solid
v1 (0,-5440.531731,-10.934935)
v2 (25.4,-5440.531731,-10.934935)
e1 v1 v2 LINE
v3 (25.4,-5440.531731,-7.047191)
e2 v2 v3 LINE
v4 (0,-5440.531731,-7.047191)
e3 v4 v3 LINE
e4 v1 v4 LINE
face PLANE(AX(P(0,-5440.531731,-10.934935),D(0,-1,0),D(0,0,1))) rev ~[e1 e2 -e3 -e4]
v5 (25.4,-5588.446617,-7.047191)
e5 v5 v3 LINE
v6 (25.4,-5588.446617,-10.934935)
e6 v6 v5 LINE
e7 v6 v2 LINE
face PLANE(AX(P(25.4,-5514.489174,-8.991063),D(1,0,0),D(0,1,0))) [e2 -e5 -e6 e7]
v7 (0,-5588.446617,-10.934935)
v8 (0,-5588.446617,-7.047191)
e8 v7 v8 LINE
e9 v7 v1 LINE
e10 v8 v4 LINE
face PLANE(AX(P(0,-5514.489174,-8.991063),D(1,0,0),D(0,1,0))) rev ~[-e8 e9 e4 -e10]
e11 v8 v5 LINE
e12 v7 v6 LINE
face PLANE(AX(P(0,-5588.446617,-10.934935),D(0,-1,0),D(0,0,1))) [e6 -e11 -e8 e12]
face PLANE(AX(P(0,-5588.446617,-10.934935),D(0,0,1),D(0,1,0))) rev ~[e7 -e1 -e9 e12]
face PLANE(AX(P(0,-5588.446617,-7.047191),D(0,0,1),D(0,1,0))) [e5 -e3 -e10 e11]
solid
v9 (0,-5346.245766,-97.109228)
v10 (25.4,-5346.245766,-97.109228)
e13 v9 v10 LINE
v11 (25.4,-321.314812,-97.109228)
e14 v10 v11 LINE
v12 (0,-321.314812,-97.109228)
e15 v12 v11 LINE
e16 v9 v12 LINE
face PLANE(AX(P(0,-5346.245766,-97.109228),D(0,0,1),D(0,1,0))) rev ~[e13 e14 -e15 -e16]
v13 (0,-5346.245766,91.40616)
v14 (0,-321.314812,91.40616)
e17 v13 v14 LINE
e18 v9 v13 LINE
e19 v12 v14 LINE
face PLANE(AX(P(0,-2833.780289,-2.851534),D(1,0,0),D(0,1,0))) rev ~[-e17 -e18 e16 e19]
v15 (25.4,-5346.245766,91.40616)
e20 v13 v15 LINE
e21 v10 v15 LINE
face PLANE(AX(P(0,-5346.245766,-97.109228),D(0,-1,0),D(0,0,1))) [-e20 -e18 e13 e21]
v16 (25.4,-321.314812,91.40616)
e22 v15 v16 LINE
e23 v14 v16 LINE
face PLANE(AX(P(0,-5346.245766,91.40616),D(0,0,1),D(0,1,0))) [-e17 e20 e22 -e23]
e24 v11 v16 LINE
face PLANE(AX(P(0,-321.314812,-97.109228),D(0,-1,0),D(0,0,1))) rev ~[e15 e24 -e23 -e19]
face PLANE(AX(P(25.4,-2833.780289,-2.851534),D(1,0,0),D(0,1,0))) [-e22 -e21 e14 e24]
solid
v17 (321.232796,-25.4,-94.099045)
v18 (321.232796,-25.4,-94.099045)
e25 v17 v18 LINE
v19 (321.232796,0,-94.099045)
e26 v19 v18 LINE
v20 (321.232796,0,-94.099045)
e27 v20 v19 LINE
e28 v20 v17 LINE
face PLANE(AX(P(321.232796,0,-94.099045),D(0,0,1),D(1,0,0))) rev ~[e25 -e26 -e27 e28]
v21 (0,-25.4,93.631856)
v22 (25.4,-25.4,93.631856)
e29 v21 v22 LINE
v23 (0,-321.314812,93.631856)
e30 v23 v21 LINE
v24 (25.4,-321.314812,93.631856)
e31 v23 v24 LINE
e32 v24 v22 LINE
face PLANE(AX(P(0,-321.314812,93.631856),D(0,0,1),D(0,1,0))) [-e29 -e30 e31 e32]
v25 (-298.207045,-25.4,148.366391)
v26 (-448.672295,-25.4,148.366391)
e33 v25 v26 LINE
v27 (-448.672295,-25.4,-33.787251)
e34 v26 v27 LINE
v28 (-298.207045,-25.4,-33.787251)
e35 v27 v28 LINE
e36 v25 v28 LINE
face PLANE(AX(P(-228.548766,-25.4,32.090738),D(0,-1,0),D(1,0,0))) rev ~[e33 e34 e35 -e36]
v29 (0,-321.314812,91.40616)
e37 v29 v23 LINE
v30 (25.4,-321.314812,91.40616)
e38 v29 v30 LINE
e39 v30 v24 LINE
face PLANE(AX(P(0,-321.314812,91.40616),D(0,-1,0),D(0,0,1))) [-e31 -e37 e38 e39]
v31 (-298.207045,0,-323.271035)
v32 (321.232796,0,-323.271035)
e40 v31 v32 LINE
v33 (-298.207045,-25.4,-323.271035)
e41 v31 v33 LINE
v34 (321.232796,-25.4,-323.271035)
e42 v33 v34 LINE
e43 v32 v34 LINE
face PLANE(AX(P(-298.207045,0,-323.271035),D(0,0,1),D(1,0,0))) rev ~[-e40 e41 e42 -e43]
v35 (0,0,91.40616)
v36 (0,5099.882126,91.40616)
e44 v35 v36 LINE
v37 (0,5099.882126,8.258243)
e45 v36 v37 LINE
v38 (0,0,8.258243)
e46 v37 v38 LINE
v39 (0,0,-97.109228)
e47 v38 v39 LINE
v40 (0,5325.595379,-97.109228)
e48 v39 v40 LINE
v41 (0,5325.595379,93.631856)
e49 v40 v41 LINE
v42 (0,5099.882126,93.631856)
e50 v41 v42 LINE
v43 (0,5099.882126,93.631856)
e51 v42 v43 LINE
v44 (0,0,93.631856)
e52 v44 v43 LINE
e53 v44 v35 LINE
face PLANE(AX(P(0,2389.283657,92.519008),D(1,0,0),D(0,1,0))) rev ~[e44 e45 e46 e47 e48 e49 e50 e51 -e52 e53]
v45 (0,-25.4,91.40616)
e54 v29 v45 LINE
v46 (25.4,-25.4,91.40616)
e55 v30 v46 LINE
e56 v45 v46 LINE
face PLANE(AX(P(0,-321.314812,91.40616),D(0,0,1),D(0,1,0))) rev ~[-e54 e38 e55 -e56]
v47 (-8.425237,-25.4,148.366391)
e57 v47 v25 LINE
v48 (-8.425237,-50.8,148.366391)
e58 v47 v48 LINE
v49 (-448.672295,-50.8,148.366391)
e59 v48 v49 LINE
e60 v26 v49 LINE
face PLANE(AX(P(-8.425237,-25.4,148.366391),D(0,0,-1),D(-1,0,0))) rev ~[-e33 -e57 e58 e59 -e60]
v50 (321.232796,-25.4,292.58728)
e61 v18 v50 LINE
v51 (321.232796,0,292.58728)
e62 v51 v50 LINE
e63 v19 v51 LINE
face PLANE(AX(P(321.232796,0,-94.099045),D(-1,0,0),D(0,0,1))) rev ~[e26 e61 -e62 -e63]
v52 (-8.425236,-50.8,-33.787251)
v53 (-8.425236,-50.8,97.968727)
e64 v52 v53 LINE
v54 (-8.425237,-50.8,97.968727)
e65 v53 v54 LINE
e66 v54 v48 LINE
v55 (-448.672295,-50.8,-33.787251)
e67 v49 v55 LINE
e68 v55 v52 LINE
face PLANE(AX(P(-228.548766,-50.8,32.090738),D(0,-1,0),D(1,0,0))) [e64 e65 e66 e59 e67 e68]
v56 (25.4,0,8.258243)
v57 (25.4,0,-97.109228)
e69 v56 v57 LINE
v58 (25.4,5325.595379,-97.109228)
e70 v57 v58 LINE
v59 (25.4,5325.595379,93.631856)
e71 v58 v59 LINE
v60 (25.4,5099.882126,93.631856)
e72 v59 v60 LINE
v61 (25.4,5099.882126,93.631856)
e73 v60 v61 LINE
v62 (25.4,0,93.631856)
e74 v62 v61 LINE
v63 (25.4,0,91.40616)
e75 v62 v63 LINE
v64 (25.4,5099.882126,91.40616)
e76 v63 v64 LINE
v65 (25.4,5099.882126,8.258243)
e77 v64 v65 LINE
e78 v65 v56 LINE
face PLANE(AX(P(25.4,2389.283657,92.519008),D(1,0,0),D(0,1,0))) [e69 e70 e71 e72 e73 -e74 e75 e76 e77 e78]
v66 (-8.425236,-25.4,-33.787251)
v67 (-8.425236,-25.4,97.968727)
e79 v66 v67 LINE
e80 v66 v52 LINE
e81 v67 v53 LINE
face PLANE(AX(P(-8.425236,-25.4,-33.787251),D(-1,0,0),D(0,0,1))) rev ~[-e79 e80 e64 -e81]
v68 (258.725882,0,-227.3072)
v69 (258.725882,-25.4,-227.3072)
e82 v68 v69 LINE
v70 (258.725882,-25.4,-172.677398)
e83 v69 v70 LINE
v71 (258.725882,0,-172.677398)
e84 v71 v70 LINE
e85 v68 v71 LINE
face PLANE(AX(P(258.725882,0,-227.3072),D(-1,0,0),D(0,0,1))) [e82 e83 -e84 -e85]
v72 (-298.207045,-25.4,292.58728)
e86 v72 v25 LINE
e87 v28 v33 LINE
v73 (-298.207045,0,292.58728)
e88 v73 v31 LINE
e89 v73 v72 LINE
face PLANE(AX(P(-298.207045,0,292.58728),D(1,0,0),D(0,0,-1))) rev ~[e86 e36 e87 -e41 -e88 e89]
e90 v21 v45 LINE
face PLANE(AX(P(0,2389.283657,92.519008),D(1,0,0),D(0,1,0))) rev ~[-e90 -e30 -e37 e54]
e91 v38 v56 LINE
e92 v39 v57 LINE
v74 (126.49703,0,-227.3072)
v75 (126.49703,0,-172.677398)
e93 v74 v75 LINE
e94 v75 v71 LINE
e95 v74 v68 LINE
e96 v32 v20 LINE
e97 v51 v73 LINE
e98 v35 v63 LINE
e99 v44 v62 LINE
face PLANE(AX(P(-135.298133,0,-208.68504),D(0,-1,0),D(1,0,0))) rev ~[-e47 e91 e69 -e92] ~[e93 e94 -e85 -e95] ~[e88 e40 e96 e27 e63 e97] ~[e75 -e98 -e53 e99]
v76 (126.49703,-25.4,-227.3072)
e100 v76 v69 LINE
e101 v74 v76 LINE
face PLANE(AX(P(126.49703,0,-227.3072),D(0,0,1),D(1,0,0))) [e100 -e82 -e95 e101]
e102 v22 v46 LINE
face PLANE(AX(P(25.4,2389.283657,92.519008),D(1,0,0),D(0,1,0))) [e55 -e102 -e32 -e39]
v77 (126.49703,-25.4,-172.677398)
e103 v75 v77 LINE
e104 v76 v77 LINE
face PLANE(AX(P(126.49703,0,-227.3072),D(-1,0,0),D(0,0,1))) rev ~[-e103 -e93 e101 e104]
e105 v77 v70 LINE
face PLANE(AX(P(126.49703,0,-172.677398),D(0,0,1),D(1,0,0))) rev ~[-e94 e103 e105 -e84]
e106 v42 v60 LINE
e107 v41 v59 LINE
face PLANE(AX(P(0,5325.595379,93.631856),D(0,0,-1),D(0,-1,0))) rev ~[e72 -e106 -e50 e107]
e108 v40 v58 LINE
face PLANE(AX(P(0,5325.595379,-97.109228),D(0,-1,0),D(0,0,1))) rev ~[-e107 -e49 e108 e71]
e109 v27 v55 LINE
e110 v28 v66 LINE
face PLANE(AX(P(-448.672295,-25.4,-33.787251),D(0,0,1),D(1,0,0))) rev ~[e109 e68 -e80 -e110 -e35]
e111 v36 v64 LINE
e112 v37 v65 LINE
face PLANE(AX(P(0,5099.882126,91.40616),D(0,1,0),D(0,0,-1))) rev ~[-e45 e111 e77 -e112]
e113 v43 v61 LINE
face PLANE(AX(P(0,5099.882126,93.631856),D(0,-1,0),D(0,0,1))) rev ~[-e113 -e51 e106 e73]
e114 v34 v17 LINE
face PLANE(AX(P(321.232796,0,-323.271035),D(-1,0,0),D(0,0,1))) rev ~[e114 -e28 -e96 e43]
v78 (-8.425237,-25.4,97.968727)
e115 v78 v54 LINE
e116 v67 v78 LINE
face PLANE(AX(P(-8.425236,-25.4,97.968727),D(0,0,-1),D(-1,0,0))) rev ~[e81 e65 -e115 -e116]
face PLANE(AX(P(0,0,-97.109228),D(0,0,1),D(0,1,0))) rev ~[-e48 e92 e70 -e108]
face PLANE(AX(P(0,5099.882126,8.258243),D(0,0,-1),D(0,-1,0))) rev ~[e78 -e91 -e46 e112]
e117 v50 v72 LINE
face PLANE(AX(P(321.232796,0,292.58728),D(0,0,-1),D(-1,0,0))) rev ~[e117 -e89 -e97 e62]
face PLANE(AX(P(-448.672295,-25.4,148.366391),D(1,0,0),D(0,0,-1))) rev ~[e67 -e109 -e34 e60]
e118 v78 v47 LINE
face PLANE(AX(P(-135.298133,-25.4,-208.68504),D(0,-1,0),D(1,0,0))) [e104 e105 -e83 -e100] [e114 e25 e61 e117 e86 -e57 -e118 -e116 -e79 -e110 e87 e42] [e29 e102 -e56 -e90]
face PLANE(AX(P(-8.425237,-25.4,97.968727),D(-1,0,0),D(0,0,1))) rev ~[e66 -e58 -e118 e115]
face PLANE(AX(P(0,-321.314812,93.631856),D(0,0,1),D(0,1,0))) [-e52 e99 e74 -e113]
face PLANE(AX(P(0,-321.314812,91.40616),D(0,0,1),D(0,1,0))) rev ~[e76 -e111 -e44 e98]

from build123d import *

# Parameters (mm, degrees)
F0_W     = 147.914886
F0_H     = 3.887745
F0_W_2   = 5024.930954
F0_H_2   = 188.515387
F0_W_3   = 5421.196938
F0_H_3   = 2.225697
F1_DEPTH = 25.4
F2_W     = 325.817824
F2_H     = 229.171991
F2_W_2   = 293.622017
F2_W_3   = 132.228852
F2_H_2   = 54.629802
F3_DEPTH = 25.4
F5_W     = 220.123529
F5_H     = 50.397665
F5_W_2   = 220.12353
F6_DEPTH = 25.4


with BuildPart() as f1:
    # F0 (on Right) → F1 (new body)
    with BuildSketch(Plane.YZ):
        with Locations((-5514.489174, -8.991063)):
            Rectangle(F0_W, F0_H)
        with Locations((-2833.780289, -2.851534)):
            Rectangle(F0_W_2, F0_H_2)
        with Locations((2389.283657, 92.519008)):
            Rectangle(F0_W_3, F0_H_3)
        Polygon((5099.882126, 93.631856), (5099.882126, 91.406159), (5099.882126, 8.258243), (5325.595379, 8.258243), (5325.595379, 93.631856), align=None)
        Polygon((5325.595379, 8.258243), (5099.882126, 8.258243), (0, 8.258243), (0, -97.109228), (5325.595379, -97.109228), align=None)
    extrude(amount=F1_DEPTH)

    # F2 (on Front) → F3 (join)
    with BuildSketch(Plane.XZ):
        with Locations((-135.298133, -208.68504)):
            Rectangle(F2_W, F2_H)
        with Locations((174.421787, -208.68504)):
            Rectangle(F2_W_2, F2_H)
        with Locations((192.611456, -199.992299)):
            Rectangle(F2_W_3, F2_H_2, mode=Mode.SUBTRACT)
        Polygon((-298.207045, -94.099045), (27.610779, -94.099045), (321.232796, -94.099045), (321.232796, 292.58728), (-298.207045, 292.58728), align=None)
    extrude(amount=F3_DEPTH)

    # F5 (on face) → F6 (join)
    with BuildSketch(Plane.XZ.offset(25.4)):
        Polygon((-8.425236, -33.787251), (-8.425236, 97.968727), (-228.548765, 97.968727), (-448.672295, 97.968727), (-448.672295, -33.787251), align=None)
        with Locations((-118.487001, 123.167559)):
            Rectangle(F5_W, F5_H)
        with Locations((-338.61053, 123.167559)):
            Rectangle(F5_W_2, F5_H)
    extrude(amount=F6_DEPTH)


solid = f1.part
